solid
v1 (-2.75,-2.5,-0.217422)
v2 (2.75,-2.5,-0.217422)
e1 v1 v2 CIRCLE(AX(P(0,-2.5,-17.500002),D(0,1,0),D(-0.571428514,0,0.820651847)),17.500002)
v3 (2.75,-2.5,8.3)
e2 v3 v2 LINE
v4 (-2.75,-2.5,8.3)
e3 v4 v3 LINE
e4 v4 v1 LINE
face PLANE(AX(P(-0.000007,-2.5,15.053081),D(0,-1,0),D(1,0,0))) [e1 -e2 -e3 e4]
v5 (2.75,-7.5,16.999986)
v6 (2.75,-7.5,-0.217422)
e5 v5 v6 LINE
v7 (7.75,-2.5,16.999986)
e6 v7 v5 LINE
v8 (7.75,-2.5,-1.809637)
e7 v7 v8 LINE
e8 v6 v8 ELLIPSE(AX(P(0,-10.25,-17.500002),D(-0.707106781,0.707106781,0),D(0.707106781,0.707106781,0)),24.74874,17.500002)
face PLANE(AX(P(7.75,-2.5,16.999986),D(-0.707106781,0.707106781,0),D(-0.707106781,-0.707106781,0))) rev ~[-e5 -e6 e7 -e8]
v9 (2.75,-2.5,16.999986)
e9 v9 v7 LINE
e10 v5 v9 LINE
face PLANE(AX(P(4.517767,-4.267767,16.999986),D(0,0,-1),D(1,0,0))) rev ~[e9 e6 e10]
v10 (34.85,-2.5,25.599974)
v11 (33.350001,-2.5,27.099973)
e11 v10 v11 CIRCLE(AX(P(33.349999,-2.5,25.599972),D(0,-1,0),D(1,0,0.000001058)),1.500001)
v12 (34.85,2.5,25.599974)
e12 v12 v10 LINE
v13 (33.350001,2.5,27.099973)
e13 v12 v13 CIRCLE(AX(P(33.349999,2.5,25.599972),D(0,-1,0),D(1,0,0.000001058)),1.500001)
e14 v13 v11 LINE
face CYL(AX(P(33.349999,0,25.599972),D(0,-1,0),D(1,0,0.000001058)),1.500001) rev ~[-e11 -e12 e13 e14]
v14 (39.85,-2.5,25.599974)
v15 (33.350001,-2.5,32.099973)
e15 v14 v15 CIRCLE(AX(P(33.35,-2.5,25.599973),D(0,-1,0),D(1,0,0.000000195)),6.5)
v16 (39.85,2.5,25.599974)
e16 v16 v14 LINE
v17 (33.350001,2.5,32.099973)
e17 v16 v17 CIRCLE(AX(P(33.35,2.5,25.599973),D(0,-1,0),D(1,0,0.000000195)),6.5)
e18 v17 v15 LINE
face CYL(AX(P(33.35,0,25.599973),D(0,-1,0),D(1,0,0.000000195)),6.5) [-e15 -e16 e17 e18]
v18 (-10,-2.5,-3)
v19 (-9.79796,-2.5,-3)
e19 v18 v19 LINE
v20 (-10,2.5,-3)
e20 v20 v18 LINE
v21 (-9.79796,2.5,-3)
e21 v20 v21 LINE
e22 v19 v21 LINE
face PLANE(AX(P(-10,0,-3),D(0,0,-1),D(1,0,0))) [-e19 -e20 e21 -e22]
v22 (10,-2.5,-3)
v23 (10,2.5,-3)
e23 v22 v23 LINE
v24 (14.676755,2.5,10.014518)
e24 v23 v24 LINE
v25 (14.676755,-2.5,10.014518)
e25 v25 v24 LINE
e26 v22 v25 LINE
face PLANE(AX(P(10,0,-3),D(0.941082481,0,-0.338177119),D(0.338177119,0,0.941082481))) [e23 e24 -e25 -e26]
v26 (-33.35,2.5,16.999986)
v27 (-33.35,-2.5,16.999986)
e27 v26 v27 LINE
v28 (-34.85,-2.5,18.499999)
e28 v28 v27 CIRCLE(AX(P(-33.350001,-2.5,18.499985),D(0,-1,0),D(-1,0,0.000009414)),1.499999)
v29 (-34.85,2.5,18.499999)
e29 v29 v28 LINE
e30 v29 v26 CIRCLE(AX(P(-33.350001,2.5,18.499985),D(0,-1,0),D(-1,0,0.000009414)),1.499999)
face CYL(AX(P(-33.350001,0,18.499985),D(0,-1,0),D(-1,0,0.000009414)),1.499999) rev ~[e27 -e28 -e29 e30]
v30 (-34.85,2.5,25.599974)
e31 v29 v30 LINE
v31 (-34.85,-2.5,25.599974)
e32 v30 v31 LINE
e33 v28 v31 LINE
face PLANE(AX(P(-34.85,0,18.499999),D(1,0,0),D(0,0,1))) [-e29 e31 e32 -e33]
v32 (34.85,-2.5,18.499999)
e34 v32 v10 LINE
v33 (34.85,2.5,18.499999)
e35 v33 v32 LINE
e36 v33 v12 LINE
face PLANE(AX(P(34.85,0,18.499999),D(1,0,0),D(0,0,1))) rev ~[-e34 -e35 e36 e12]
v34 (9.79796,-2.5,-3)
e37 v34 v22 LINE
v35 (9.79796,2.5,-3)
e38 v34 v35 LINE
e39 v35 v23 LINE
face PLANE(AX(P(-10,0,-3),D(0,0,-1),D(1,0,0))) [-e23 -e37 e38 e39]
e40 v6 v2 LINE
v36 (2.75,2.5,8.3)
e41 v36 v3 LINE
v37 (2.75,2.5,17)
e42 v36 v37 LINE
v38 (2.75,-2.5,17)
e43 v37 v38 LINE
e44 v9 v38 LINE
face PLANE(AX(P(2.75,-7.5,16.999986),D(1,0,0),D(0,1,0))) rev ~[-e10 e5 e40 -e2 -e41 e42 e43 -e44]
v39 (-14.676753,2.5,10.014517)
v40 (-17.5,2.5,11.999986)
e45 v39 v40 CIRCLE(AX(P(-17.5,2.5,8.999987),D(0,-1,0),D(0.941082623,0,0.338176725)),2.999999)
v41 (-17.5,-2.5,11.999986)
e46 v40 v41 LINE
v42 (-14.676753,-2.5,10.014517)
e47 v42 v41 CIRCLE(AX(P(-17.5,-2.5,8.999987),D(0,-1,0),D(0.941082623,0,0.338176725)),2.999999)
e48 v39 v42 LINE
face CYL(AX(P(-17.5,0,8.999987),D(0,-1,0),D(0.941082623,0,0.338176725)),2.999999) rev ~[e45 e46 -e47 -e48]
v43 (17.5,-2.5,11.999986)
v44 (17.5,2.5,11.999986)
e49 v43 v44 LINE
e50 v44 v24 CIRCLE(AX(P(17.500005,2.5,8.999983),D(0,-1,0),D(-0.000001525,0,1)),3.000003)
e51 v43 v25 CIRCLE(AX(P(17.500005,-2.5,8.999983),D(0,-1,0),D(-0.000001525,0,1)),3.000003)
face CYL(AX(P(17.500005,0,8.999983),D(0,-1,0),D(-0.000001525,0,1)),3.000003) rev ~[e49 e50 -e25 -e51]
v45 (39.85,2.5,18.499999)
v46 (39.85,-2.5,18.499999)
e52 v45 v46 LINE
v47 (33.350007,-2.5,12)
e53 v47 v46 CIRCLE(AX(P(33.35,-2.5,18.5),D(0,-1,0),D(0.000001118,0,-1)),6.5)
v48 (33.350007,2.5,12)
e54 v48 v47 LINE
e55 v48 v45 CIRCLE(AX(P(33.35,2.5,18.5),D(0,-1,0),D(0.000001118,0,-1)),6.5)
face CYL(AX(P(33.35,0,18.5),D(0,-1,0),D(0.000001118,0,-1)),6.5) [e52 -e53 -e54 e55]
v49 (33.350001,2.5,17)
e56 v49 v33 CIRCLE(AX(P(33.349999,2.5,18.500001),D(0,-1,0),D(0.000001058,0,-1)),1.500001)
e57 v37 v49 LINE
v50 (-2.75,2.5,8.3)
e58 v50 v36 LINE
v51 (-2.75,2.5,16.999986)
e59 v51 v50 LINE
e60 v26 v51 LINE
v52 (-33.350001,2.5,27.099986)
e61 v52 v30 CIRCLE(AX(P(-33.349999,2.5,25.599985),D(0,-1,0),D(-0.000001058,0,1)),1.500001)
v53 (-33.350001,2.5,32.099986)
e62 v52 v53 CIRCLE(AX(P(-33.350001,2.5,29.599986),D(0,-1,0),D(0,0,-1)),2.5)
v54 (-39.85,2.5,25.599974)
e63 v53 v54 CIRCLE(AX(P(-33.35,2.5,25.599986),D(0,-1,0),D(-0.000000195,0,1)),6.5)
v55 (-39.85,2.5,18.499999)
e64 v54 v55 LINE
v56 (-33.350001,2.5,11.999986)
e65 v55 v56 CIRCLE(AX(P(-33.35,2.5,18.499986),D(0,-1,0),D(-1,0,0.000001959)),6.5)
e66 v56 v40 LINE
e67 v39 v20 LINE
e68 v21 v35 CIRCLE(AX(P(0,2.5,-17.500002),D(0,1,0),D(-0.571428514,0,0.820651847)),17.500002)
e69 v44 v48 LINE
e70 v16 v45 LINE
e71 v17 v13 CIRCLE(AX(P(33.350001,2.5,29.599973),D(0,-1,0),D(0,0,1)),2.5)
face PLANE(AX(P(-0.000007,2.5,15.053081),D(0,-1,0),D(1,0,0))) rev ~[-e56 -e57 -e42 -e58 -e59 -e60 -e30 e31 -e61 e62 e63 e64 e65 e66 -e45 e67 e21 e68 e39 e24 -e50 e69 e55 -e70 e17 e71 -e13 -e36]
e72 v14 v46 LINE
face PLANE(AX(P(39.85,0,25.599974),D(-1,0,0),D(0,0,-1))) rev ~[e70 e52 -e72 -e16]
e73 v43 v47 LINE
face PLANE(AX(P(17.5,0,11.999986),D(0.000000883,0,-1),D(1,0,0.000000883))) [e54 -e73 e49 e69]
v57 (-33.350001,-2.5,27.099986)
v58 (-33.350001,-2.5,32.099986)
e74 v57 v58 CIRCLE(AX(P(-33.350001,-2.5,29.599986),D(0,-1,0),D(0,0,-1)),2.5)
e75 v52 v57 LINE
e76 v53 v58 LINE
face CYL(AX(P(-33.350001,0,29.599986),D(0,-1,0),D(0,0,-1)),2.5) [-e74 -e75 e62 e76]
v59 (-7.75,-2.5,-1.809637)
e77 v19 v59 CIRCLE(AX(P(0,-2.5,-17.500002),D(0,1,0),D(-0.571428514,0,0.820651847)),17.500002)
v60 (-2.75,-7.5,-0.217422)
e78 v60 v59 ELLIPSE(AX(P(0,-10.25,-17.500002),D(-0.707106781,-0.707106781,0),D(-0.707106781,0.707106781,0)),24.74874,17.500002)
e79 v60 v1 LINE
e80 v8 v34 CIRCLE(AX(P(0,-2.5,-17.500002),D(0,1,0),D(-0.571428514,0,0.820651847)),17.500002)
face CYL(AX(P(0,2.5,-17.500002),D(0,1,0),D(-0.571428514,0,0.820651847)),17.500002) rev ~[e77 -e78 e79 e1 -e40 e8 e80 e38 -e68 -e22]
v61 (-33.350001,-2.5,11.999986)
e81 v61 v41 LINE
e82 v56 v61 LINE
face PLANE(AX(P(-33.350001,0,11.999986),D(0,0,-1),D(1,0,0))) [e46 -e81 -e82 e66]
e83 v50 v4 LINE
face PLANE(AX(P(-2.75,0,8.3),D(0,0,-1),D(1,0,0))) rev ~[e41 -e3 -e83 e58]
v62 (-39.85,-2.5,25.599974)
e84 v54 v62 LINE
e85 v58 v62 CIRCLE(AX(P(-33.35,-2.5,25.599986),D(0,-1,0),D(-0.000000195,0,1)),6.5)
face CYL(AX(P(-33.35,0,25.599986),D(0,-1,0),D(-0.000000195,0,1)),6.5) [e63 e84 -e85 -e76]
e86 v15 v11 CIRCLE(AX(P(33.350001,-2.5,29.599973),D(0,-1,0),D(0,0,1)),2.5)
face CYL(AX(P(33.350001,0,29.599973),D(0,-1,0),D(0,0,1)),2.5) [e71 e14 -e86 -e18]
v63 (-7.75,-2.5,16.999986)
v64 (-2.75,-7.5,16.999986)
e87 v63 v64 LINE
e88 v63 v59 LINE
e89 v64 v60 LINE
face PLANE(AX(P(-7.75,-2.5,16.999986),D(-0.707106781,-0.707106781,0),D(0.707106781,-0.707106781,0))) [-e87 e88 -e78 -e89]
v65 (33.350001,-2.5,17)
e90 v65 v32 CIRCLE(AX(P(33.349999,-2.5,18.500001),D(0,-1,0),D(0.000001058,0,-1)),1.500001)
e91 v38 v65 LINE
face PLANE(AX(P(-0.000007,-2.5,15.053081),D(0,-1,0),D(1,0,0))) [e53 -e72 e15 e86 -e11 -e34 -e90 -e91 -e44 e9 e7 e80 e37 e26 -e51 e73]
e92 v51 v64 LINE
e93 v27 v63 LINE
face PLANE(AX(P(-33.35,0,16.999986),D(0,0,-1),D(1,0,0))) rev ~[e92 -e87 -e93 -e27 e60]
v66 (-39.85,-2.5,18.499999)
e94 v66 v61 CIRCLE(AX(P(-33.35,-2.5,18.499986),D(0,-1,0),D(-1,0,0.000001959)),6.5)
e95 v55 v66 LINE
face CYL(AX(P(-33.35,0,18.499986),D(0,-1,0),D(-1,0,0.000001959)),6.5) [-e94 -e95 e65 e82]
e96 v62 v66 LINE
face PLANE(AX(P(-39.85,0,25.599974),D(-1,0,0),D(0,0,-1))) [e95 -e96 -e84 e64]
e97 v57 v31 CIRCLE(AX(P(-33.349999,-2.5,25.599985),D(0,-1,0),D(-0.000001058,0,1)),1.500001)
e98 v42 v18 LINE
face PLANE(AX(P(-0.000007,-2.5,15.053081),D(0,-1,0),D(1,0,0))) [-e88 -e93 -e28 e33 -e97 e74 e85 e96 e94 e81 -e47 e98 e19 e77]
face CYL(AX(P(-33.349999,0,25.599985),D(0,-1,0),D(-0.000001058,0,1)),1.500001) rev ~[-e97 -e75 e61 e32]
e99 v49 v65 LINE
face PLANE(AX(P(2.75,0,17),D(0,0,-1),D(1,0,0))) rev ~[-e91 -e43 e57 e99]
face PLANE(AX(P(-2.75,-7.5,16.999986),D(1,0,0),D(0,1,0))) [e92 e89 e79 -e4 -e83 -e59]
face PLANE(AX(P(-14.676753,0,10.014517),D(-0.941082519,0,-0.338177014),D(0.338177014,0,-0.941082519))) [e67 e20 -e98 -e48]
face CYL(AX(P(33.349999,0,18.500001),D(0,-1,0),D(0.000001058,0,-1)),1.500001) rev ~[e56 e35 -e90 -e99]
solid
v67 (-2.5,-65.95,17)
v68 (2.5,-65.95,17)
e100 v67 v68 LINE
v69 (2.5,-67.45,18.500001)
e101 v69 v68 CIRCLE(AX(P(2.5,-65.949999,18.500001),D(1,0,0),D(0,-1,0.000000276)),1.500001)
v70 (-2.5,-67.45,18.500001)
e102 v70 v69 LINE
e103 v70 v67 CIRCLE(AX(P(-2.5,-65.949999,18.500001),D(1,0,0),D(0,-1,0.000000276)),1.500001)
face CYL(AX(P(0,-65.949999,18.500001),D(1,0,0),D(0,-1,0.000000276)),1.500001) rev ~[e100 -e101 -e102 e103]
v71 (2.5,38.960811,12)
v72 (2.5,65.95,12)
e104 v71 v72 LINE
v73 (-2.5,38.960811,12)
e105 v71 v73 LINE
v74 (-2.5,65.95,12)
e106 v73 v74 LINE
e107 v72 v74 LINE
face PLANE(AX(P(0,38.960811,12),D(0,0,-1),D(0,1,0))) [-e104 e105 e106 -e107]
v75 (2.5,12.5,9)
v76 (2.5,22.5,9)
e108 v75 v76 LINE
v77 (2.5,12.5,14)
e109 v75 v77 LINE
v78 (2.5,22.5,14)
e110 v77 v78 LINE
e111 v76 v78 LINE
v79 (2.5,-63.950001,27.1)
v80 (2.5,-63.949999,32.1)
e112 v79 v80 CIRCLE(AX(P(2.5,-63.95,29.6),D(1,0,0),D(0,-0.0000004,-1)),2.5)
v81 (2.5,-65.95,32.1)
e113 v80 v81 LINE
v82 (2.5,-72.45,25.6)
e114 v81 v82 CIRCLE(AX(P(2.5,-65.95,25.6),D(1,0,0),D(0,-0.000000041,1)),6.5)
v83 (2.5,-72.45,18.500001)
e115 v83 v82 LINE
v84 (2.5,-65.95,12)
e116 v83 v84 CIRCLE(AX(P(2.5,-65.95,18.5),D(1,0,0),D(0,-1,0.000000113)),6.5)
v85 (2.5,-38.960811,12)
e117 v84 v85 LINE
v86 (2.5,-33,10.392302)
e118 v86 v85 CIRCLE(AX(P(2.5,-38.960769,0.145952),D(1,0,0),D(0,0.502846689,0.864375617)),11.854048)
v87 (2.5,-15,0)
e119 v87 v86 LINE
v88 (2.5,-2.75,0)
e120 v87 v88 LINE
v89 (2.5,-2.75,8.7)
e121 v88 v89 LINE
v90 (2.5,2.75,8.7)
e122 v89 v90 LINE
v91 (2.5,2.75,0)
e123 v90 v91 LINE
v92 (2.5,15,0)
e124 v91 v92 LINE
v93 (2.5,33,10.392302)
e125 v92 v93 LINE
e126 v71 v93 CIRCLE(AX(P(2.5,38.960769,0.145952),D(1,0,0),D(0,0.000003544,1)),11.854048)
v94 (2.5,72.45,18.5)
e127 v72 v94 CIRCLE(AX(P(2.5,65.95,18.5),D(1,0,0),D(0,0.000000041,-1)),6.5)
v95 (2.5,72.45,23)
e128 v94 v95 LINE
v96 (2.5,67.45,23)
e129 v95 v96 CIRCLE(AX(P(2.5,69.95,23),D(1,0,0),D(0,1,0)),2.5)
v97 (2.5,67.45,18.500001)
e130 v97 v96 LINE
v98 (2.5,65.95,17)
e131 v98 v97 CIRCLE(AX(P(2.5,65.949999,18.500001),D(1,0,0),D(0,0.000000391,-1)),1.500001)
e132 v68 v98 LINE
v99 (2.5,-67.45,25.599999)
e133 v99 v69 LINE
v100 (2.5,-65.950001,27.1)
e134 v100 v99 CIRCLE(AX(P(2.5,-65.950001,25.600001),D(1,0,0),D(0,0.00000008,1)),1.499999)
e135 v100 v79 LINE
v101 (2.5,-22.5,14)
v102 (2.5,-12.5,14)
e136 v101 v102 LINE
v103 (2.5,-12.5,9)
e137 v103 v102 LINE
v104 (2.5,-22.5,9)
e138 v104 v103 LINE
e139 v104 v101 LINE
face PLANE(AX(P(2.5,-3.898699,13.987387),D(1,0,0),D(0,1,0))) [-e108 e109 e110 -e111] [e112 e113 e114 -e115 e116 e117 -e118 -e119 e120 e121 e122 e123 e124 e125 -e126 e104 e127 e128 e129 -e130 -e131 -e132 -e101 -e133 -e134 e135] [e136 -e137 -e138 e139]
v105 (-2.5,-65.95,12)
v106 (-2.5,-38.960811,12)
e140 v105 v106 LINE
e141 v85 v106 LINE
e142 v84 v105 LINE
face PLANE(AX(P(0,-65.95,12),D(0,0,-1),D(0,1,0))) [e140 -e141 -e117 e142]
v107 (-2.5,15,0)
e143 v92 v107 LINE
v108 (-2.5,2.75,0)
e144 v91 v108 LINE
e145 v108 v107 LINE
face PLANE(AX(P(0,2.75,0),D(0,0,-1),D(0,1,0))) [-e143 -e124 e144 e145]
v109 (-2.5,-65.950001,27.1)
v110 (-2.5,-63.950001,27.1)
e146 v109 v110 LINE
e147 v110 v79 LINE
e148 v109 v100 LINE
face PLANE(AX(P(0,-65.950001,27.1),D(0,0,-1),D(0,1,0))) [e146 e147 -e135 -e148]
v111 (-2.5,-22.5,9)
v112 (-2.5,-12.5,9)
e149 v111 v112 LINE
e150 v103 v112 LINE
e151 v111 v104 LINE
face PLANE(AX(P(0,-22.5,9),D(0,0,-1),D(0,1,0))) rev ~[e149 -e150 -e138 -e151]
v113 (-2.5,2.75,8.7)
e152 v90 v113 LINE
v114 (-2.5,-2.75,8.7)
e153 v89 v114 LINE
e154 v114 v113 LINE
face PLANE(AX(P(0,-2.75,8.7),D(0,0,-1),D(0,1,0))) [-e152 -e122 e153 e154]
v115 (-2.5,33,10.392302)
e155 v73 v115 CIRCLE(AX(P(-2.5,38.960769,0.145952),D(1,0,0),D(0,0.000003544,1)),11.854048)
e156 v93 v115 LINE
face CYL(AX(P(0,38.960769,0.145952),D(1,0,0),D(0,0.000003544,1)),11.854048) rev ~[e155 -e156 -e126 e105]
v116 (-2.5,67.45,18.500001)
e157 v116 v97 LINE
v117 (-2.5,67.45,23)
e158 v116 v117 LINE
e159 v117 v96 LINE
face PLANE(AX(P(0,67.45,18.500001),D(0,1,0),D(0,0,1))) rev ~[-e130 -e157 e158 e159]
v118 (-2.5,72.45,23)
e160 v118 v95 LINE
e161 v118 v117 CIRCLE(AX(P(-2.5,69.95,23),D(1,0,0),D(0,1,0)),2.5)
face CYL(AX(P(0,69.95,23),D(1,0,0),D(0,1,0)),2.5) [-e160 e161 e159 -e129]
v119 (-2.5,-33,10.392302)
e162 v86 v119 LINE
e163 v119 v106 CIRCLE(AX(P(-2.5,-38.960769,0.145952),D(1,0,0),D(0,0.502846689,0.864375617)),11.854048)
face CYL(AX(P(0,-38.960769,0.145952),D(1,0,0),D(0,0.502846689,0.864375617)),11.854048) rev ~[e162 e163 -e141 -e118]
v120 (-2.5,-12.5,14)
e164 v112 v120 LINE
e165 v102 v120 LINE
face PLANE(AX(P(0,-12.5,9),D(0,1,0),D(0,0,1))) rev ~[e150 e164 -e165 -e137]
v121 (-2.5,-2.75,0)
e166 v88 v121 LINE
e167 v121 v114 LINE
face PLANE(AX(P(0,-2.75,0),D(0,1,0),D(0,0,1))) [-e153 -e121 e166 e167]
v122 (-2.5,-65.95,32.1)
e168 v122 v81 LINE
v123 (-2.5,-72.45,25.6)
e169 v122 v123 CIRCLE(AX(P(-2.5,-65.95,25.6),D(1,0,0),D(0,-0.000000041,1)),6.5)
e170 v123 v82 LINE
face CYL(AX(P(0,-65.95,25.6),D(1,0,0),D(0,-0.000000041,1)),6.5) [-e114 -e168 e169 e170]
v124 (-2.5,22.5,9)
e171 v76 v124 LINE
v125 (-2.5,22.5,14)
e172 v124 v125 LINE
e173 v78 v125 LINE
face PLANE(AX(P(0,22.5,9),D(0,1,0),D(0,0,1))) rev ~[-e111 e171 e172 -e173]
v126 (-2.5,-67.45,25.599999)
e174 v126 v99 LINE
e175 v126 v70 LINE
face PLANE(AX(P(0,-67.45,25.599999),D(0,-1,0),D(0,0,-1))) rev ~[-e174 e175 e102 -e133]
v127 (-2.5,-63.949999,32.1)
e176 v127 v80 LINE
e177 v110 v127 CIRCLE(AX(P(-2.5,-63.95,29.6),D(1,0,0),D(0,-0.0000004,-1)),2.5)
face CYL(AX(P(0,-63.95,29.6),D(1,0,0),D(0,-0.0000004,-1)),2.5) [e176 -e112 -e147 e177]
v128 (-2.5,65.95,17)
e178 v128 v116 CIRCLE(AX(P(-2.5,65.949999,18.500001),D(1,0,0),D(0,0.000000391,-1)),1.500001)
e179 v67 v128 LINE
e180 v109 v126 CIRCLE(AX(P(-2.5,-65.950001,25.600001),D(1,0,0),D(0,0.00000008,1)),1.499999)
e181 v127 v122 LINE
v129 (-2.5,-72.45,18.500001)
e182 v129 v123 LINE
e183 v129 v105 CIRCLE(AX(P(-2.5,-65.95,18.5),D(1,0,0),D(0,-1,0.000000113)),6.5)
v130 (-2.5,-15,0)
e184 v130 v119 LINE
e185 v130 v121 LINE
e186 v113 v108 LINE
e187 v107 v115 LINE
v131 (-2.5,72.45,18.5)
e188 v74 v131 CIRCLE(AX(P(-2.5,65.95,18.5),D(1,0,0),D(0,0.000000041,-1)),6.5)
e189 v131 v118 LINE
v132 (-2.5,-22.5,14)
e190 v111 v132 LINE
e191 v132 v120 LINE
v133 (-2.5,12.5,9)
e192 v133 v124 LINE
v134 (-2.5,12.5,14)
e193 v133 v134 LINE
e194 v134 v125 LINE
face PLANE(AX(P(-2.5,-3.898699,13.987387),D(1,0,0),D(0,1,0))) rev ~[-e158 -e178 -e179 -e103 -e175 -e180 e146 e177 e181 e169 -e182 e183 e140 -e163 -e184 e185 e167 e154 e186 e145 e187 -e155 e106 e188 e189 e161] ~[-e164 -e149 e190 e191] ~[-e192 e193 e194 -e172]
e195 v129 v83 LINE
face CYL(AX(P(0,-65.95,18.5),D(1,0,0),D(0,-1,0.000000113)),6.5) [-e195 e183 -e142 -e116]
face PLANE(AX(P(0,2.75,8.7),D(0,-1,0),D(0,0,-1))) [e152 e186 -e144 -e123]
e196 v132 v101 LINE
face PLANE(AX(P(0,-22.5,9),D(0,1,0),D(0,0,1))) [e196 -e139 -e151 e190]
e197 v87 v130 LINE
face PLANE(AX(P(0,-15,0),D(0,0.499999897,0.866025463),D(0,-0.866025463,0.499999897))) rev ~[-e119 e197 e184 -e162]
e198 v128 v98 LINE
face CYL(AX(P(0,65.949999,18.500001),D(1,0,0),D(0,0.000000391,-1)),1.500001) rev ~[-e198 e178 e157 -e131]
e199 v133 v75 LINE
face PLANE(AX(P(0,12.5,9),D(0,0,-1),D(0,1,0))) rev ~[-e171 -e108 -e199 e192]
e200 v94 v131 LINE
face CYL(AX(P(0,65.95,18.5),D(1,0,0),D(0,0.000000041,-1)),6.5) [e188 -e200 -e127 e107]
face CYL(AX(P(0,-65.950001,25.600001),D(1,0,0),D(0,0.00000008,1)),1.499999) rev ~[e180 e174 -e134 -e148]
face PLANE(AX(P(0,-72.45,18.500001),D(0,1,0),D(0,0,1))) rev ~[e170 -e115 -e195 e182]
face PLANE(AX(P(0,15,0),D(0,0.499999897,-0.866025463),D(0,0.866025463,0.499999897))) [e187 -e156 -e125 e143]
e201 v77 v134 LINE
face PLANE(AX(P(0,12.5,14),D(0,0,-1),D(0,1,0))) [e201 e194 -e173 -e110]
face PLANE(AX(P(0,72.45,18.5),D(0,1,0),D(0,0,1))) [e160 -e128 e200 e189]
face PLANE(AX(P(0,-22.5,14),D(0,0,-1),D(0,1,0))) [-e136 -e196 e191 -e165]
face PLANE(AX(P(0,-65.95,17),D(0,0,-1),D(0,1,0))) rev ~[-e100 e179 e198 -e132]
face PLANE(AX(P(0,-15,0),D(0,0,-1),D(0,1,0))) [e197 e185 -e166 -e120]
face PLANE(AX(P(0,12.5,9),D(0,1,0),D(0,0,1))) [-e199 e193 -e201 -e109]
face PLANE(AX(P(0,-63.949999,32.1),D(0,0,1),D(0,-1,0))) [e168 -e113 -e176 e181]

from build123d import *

# Parameters (mm, degrees)
SKETCH_W     = 10
SKETCH_H     = 5
PAD_DEPTH    = 2.5
PAD001_DEPTH = 2.5
PAD002_DEPTH = 20
POCKET_DEPTH = 10


with BuildPart() as vertical:
    # Sketch → Pad (new body, symmetric)
    with BuildSketch(Plane.YZ):
        with BuildLine():
            Line((72.45, 18.5), (72.45, 23))
            ThreePointArc((72.45, 23), (69.95, 25.5), (67.45, 23))
            Line((67.45, 18.500001), (67.45, 23))
            ThreePointArc((65.95, 17), (67.01066, 17.43934), (67.45, 18.500001))
            Line((-65.95, 17), (65.95, 17))
            ThreePointArc((-67.45, 18.500001), (-67.01066, 17.43934), (-65.95, 17))
            Line((-67.45, 25.599999), (-67.45, 18.500001))
            ThreePointArc((-65.950001, 27.1), (-67.010661, 26.66066), (-67.45, 25.599999))
            Line((-65.950001, 27.1), (-63.950001, 27.1))
            ThreePointArc((-63.950001, 27.1), (-61.45, 29.599999), (-63.949999, 32.1))
            Line((-63.949999, 32.1), (-65.95, 32.1))
            ThreePointArc((-65.95, 32.1), (-70.546194, 30.196194), (-72.45, 25.6))
            Line((-72.45, 18.500001), (-72.45, 25.6))
            ThreePointArc((-72.45, 18.500001), (-70.546194, 13.903806), (-65.95, 12))
            Line((-65.95, 12), (-38.960811, 12))
            ThreePointArc((-33, 10.392302), (-35.873904, 11.591026), (-38.960811, 12))
            Line((-15, 0), (-33, 10.392302))
            Line((-15, 0), (-2.75, 0))
            Line((-2.75, 0), (-2.75, 8.7))
            Line((-2.75, 8.7), (2.75, 8.7))
            Line((2.75, 8.7), (2.75, 0))
            Line((2.75, 0), (15, 0))
            Line((15, 0), (33, 10.392302))
            ThreePointArc((38.960811, 12), (35.873904, 11.591026), (33, 10.392302))
            Line((38.960811, 12), (65.95, 12))
            ThreePointArc((65.95, 12), (70.546194, 13.903806), (72.45, 18.5))
        make_face()
        with Locations((-17.5, 11.5)):
            Rectangle(SKETCH_W, SKETCH_H, mode=Mode.SUBTRACT)
        with Locations((17.5, 11.5)):
            Rectangle(SKETCH_W, SKETCH_H, mode=Mode.SUBTRACT)
    extrude(amount=PAD_DEPTH, both=True)


with BuildPart() as fusion:
    # Sketch001 → Pad001 (new body, symmetric)
    with BuildSketch(Plane.XZ):
        with BuildLine():
            Line((17.5, 11.999986), (33.350007, 12))
            ThreePointArc((33.350007, 12), (37.946196, 13.903808), (39.85, 18.499999))
            Line((39.85, 25.599974), (39.85, 18.499999))
            ThreePointArc((39.85, 25.599974), (37.946194, 30.196167), (33.350001, 32.099973))
            ThreePointArc((33.350001, 32.099973), (30.850001, 29.599972), (33.350001, 27.099973))
            ThreePointArc((34.85, 25.599974), (34.41066, 26.660633), (33.350001, 27.099973))
            Line((34.85, 18.499999), (34.85, 25.599974))
            ThreePointArc((33.350001, 17), (34.41066, 17.43934), (34.85, 18.499999))
            Line((2.75, 17), (33.350001, 17))
            Line((2.75, 8.3), (2.75, 17))
            Line((-2.75, 8.3), (2.75, 8.3))
            Line((-2.75, 16.999986), (-2.75, 8.3))
            Line((-33.35, 16.999986), (-2.75, 16.999986))
            ThreePointArc((-34.85, 18.499999), (-34.410665, 17.43933), (-33.35, 16.999986))
            Line((-34.85, 18.499999), (-34.85, 25.599974))
            ThreePointArc((-33.350001, 27.099986), (-34.410665, 26.660641), (-34.85, 25.599974))
            ThreePointArc((-33.350001, 27.099986), (-30.850001, 29.599986), (-33.350001, 32.099986))
            ThreePointArc((-33.350001, 32.099986), (-37.946199, 30.196175), (-39.85, 25.599974))
            Line((-39.85, 25.599974), (-39.85, 18.499999))
            ThreePointArc((-39.85, 18.499999), (-37.946199, 13.903797), (-33.350001, 11.999986))
            Line((-33.350001, 11.999986), (-17.5, 11.999986))
            ThreePointArc((-14.676753, 10.014517), (-15.774253, 11.453921), (-17.5, 11.999986))
            Line((-14.676753, 10.014517), (-10, -3))
            Line((-10, -3), (10, -3))
            Line((10, -3), (14.676755, 10.014518))
            ThreePointArc((17.5, 11.999986), (15.774255, 11.45392), (14.676755, 10.014518))
        make_face()
    extrude(amount=PAD001_DEPTH, both=True)

    # Sketch002 → Pad002 (new body)
    with BuildSketch(Plane(origin=(0, 0, 16.999986), x_dir=(-1, 0, 0), z_dir=(0, 0, 1))):
        Polygon((-7.75, 2.5), (-2.75, 7.5), (-2.75, 2.5), align=None)
        Polygon((2.75, 7.5), (2.75, 2.5), (7.75, 2.5), align=None)
    extrude(amount=-PAD002_DEPTH)

    # Sketch003 → Pocket (cut)
    with BuildSketch(Plane(origin=(0, 2.5, 0), x_dir=(1, 0, 0), z_dir=(0, 1, 0))):
        with BuildLine():
            ThreePointArc((-10, 3.138593), (0, 0), (10, 3.138593))
            Line((-10, 3.138593), (10, 3.138593))
        make_face()
    extrude(amount=-POCKET_DEPTH, mode=Mode.SUBTRACT)

    # Fusion: union Vertical
    add(vertical.part)


solid = fusion.part
